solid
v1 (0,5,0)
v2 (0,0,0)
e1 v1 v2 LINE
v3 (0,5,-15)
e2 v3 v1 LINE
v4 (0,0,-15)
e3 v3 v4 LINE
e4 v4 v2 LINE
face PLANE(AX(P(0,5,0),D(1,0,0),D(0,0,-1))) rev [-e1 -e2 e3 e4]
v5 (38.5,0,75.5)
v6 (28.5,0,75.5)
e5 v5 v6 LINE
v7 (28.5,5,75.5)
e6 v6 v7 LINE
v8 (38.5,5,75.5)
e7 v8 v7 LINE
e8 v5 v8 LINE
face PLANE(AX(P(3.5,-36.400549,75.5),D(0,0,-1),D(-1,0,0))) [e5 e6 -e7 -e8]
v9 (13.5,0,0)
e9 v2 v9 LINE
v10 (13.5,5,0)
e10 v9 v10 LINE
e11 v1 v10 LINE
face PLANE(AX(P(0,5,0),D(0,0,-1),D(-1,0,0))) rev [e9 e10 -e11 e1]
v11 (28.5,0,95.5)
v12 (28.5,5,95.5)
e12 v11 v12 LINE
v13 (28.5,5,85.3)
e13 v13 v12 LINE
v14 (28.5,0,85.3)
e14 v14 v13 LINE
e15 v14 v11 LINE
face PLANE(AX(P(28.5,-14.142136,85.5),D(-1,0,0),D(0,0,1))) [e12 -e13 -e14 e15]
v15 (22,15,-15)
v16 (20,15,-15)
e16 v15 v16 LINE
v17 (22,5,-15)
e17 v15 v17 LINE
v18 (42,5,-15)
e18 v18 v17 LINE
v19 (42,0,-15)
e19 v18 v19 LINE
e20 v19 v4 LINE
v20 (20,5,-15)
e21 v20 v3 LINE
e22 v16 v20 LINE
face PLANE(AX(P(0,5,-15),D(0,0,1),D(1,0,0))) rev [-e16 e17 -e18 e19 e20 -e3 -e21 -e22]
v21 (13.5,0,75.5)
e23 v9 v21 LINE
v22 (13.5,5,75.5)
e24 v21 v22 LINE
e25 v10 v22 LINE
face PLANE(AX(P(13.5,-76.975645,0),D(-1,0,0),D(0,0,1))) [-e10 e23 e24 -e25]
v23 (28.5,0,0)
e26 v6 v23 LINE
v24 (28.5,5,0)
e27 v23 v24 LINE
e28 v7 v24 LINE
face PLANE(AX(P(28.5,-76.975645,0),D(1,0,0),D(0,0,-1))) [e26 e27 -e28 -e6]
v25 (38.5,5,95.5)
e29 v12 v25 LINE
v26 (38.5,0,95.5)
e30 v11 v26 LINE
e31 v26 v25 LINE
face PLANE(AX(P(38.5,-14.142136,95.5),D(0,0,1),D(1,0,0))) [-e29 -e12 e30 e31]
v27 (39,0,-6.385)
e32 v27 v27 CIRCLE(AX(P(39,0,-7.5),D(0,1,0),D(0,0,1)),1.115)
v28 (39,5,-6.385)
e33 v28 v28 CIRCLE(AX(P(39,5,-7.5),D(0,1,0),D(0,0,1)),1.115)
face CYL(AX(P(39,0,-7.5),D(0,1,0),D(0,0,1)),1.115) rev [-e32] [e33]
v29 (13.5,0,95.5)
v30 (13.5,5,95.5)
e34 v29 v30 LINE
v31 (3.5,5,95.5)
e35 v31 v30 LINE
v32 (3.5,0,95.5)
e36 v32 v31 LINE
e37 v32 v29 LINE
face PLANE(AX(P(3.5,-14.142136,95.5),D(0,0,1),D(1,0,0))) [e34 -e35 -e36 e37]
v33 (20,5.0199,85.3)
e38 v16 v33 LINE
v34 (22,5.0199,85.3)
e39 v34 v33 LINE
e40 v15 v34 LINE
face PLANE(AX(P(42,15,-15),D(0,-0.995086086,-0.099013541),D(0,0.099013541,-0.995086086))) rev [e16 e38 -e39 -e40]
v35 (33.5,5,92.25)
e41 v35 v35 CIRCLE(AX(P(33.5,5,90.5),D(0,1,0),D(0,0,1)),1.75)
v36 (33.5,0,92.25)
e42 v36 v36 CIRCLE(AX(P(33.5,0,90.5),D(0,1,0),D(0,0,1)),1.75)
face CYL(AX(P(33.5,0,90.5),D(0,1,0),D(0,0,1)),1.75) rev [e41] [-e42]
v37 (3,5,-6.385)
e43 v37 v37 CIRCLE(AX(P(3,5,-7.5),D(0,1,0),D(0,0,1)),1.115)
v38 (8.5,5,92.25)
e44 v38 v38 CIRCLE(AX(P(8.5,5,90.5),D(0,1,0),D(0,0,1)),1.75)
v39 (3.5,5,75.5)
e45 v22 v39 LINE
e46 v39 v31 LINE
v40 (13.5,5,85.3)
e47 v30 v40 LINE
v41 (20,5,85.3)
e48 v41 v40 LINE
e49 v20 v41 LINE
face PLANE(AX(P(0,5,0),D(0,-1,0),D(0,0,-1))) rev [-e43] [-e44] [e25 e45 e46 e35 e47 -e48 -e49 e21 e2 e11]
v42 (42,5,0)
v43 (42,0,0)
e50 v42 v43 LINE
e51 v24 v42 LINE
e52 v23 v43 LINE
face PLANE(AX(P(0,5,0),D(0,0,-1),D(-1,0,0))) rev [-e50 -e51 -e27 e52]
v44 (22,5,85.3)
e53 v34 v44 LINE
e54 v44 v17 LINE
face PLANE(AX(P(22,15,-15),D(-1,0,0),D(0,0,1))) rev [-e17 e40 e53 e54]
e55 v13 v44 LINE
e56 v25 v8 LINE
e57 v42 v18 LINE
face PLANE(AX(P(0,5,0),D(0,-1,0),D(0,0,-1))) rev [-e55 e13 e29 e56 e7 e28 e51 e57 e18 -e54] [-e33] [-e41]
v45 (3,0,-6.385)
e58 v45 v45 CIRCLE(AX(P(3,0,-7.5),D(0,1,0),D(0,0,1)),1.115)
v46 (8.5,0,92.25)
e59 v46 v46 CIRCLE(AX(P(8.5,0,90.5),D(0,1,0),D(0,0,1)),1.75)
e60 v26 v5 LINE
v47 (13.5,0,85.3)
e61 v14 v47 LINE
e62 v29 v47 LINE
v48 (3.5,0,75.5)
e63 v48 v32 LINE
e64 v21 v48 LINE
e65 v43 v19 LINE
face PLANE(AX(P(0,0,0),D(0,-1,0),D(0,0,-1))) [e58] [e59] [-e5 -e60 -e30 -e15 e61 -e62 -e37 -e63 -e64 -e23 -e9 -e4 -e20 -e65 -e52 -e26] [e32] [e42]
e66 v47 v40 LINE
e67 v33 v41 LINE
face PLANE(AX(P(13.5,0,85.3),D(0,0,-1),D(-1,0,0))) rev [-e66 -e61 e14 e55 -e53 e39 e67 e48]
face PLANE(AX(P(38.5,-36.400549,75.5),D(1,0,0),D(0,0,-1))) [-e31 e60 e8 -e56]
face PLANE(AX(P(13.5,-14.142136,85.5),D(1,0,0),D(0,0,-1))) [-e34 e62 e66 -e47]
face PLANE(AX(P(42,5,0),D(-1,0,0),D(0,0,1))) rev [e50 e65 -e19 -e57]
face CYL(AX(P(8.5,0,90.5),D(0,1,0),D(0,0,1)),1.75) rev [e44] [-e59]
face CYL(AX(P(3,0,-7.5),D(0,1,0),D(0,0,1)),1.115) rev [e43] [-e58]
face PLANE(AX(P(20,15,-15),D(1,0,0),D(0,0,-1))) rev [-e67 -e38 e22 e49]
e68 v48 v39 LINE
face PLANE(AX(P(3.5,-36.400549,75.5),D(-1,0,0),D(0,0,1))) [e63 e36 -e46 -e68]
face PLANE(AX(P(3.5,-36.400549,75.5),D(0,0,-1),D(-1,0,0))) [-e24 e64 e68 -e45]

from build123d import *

# Parameters (mm, degrees)
SKETCH1_W           = 42
SKETCH1_H           = 15
BOSS_EXTRUDE1_DEPTH = 5
SKETCH2_R           = 1.115
CUT_EXTRUDE1_DEPTH  = 6
SKETCH3_W           = 15
SKETCH3_H           = 75.5
BOSS_EXTRUDE2_DEPTH = 5
SKETCH4_W           = 35
SKETCH4_H           = 10
BOSS_EXTRUDE3_DEPTH = 5
SKETCH5_W           = 10
SKETCH5_H           = 10
BOSS_EXTRUDE4_DEPTH = 5
SKETCH6_R           = 1.75
CUT_EXTRUDE2_DEPTH  = 6
SKETCH7_W           = 15
SKETCH7_H           = 0.2
CUT_EXTRUDE3_DEPTH  = 6
SKETCH8_W           = 2
SKETCH8_H           = 100.3
BOSS_EXTRUDE5_DEPTH = 10
CUT_EXTRUDE4_DEPTH  = 23


with BuildPart() as part:
    # Sketch1 → Boss-Extrude1 (new body)
    with BuildSketch(Plane(origin=(0, 0, 0), x_dir=(1, 0, 0), z_dir=(0, 1, 0))):
        with Locations((21, 7.5)):
            Rectangle(SKETCH1_W, SKETCH1_H)
    extrude(amount=BOSS_EXTRUDE1_DEPTH)

    # Sketch2 → Cut-Extrude1 (cut, through all)
    with BuildSketch(Plane(origin=(0, 5, 0), x_dir=(1, 0, 0), z_dir=(0, 1, 0))):
        with Locations((3, 7.5)):
            Circle(SKETCH2_R)
        with Locations((39, 7.5)):
            Circle(SKETCH2_R)
    extrude(amount=-CUT_EXTRUDE1_DEPTH, mode=Mode.SUBTRACT)

    # Sketch3 → Boss-Extrude2 (add)
    with BuildSketch(Plane(origin=(0, 5, 0), x_dir=(1, 0, 0), z_dir=(0, 1, 0))):
        with Locations((21, -37.75)):
            Rectangle(SKETCH3_W, SKETCH3_H)
    extrude(amount=-BOSS_EXTRUDE2_DEPTH)

    # Sketch4 → Boss-Extrude3 (add)
    with BuildSketch(Plane(origin=(0, 5, 0), x_dir=(1, 0, 0), z_dir=(0, 1, 0))):
        with Locations((21, -80.5)):
            Rectangle(SKETCH4_W, SKETCH4_H)
    extrude(amount=-BOSS_EXTRUDE3_DEPTH)

    # Sketch5 → Boss-Extrude4 (add)
    with BuildSketch(Plane(origin=(0, 5, 0), x_dir=(1, 0, 0), z_dir=(0, 1, 0))):
        with Locations((8.5, -90.5)):
            Rectangle(SKETCH5_W, SKETCH5_H)
        with Locations((33.5, -90.5)):
            Rectangle(SKETCH5_W, SKETCH5_H)
    extrude(amount=-BOSS_EXTRUDE4_DEPTH)

    # Sketch6 → Cut-Extrude2 (cut, through all)
    with BuildSketch(Plane(origin=(0, 5, 0), x_dir=(1, 0, 0), z_dir=(0, 1, 0))):
        with Locations((8.5, -90.5)):
            Circle(SKETCH6_R)
        with Locations((33.5, -90.5)):
            Circle(SKETCH6_R)
    extrude(amount=-CUT_EXTRUDE2_DEPTH, mode=Mode.SUBTRACT)

    # Sketch7 → Cut-Extrude3 (cut, through all)
    with BuildSketch(Plane(origin=(0, 5, 0), x_dir=(1, 0, 0), z_dir=(0, 1, 0))):
        with Locations((21, -85.4)):
            Rectangle(SKETCH7_W, SKETCH7_H)
    extrude(amount=-CUT_EXTRUDE3_DEPTH, mode=Mode.SUBTRACT)

    # Sketch8 → Boss-Extrude5 (add)
    with BuildSketch(Plane(origin=(0, 5, 0), x_dir=(1, 0, 0), z_dir=(0, 1, 0))):
        with Locations((21, -35.15)):
            Rectangle(SKETCH8_W, SKETCH8_H)
    extrude(amount=BOSS_EXTRUDE5_DEPTH)

    # Sketch9 → Cut-Extrude4 (cut, through all)
    with BuildSketch(Plane.ZY.offset(-20)):
        Polygon((-15, 15), (85.5, 5), (85.3, 15), align=None)
    extrude(amount=-CUT_EXTRUDE4_DEPTH, mode=Mode.SUBTRACT)


solid = part.part
